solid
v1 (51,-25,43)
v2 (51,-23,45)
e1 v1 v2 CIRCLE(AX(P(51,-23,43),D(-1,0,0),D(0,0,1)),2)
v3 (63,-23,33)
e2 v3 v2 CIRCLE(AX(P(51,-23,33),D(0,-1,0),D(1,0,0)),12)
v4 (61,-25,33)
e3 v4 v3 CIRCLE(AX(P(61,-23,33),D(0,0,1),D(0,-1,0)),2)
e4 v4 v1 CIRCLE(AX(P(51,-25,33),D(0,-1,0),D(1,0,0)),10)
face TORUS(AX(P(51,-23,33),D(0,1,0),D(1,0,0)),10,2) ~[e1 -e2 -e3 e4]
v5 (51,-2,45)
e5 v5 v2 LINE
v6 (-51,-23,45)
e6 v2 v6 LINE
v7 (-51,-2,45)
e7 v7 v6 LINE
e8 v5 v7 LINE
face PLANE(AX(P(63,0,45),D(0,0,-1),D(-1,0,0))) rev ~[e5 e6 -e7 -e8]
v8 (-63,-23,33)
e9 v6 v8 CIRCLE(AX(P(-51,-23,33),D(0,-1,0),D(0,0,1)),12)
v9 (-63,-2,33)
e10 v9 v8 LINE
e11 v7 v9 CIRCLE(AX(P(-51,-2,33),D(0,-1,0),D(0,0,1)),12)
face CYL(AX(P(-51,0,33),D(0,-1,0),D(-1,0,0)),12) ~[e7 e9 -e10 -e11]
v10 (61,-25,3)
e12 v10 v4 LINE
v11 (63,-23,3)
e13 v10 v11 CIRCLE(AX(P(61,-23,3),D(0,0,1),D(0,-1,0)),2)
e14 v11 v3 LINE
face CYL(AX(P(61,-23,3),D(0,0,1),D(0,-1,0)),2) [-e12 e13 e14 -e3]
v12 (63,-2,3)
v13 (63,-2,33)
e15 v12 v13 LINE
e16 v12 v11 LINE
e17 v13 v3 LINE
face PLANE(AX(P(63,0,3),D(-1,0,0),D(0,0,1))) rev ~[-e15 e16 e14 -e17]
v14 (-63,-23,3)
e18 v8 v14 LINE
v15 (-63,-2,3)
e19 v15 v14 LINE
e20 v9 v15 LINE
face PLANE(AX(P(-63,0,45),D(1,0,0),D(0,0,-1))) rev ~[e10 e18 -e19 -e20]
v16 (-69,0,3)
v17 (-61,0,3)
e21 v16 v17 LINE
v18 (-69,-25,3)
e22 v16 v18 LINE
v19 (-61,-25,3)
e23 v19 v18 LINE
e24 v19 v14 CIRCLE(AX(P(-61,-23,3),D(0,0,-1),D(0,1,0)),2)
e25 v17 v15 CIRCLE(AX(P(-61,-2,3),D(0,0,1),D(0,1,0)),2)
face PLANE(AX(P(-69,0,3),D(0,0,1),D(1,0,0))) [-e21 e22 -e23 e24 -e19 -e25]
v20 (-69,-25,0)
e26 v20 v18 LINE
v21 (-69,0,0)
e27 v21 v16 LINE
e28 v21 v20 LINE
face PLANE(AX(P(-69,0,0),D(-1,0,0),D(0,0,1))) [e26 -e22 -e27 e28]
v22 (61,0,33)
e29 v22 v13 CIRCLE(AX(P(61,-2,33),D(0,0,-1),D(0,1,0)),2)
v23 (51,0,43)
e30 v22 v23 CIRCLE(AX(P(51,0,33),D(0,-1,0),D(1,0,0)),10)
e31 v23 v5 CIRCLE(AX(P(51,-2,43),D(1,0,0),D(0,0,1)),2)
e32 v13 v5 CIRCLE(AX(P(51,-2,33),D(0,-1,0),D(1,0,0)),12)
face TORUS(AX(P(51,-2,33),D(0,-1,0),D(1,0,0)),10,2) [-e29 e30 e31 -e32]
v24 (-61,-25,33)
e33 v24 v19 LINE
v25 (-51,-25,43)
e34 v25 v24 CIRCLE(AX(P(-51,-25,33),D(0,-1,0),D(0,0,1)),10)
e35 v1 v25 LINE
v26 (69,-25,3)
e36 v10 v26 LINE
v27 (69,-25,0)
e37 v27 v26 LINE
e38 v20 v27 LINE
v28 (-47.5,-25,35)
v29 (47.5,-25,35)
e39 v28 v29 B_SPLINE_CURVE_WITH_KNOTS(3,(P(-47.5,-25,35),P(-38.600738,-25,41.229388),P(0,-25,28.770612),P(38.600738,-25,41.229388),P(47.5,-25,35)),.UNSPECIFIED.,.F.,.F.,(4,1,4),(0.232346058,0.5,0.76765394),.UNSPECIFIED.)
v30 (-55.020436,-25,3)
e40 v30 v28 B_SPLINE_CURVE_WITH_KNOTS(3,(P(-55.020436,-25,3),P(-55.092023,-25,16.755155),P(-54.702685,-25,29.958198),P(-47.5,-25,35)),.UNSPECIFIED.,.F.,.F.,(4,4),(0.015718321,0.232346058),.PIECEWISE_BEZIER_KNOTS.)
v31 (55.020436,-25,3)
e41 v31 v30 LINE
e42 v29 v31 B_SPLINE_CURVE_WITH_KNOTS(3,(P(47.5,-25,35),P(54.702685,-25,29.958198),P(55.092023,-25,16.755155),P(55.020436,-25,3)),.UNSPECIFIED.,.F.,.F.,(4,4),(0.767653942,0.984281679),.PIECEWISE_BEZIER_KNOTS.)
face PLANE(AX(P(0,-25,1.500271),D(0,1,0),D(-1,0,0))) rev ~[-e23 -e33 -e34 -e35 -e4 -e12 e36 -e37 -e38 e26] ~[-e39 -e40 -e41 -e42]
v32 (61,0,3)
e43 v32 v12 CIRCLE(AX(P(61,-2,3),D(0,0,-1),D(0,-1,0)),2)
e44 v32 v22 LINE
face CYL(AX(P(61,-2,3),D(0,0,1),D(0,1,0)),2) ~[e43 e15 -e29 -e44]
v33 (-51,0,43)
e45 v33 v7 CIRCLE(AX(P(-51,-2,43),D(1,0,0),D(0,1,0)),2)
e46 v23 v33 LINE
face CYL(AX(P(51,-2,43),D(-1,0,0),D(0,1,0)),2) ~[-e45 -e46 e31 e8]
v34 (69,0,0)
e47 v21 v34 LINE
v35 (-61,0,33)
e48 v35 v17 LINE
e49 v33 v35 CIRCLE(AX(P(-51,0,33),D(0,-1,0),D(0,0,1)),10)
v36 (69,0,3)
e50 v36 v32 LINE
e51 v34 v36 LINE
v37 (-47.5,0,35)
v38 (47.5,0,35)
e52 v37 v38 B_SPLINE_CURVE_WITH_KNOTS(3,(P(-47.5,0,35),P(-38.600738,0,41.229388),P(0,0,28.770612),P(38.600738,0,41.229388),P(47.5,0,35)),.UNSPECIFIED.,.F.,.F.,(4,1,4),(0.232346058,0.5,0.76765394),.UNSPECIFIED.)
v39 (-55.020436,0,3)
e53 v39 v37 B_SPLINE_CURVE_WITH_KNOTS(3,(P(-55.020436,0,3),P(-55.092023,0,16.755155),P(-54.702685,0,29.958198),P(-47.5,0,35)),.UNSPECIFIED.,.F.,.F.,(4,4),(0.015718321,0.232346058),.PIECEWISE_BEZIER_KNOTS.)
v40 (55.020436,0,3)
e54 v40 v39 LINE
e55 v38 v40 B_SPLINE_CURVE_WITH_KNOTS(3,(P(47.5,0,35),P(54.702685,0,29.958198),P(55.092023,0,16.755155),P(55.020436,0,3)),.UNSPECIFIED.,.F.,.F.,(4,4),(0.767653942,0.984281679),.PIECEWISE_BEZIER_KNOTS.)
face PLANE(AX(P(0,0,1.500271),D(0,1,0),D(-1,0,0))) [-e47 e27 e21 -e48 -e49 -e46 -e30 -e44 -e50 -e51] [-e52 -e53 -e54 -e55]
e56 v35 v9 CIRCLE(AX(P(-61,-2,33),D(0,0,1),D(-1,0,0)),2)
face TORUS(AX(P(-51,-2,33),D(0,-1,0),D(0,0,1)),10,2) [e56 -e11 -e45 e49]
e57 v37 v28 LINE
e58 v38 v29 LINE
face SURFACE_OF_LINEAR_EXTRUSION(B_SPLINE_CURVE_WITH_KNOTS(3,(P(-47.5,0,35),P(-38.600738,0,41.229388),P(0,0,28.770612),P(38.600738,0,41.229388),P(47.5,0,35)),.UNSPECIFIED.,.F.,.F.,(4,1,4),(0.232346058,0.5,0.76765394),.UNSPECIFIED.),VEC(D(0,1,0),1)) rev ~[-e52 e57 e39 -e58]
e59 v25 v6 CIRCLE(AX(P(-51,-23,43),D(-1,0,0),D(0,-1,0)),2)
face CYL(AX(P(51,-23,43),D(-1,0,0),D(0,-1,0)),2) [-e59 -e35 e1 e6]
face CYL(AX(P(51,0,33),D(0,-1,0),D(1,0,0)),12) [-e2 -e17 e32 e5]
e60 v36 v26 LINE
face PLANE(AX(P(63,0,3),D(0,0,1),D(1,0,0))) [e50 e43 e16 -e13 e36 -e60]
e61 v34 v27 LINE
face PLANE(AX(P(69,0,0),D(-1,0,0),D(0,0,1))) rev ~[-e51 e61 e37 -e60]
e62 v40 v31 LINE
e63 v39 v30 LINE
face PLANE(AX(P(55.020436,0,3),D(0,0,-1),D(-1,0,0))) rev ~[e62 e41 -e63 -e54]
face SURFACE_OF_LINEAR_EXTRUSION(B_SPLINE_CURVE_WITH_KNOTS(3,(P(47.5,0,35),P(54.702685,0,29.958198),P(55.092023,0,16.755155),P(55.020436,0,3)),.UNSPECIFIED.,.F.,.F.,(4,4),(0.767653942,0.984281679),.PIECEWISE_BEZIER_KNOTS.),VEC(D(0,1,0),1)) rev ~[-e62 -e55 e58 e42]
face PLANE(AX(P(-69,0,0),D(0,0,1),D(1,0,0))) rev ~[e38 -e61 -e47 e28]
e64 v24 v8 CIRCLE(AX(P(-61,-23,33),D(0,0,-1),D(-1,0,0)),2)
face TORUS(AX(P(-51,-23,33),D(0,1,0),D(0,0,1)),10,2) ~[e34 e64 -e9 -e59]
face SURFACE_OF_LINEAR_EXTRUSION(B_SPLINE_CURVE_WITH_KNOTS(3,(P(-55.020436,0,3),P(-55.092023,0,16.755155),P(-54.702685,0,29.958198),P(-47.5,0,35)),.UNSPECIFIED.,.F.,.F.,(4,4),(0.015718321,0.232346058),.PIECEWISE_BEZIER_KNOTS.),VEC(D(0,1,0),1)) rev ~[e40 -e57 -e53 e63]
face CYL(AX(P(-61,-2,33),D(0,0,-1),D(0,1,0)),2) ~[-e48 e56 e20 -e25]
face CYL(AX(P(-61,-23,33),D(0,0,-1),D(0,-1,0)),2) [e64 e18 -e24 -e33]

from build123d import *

# Parameters (mm, degrees)
F0_W     = 6
F0_H     = 3
F1_DEPTH = 25
F2_R     = 12
F3_R     = 2


with BuildPart() as f1:
    # F0 (on Front) → F1 (new body)
    with BuildSketch(Plane.XZ):
        with BuildLine():
            add(Edge.make_bspline(
                [(-55, 0), (-55.0076209993, 1.0009689247), (-55.0152419987, 2.0019378493), (-55.0204363014, 3)],
                knots=[0, 0, 0, 0, 0.0157183213, 0.0157183213, 0.0157183213, 0.0157183213], degree=3))
            Line((-55, 0), (55, 0))
            add(Edge.make_bspline(
                [(55.0204363014, 3), (55.0152419987, 2.0019378493), (55.0076209993, 1.0009689247), (55, 0)],
                knots=[0.9842816787, 0.9842816787, 0.9842816787, 0.9842816787, 1, 1, 1, 1], degree=3))
            Line((55.0204363014, 3), (-55.0204363014, 3))
        make_face()
        with BuildLine():
            Line((-63, 0), (-55, 0))
            add(Edge.make_bspline(
                [(-55, 0), (-55.0076209993, 1.0009689247), (-55.0152419987, 2.0019378493), (-55.0204363014, 3)],
                knots=[0, 0, 0, 0, 0.0157183213, 0.0157183213, 0.0157183213, 0.0157183213], degree=3))
            Line((-55.0204363014, 3), (-63, 3))
            Line((-63, 3), (-63, 0))
        make_face()
        with BuildLine():
            add(Edge.make_bspline(
                [(55.0204363014, 3), (55.0152419987, 2.0019378493), (55.0076209993, 1.0009689247), (55, 0)],
                knots=[0.9842816787, 0.9842816787, 0.9842816787, 0.9842816787, 1, 1, 1, 1], degree=3))
            Line((55, 0), (63, 0))
            Line((63, 0), (63, 3))
            Line((63, 3), (55.0204363014, 3))
        make_face()
        with BuildLine():
            Line((-63, 3), (-55.0204363014, 3))
            add(Edge.make_bspline(
                [(-55.0204363014, 3), (-55.0920234657, 16.7551548981), (-54.7026845561, 29.9581979592), (-47.5, 35)],
                knots=[0.0157183213, 0.0157183213, 0.0157183213, 0.0157183213, 0.2323460581, 0.2323460581, 0.2323460581, 0.2323460581], degree=3))
            add(Edge.make_bspline(
                [(-47.5, 35), (-38.6007383304, 41.229387848), (-19.3003691017, 34.9999999795), (1.271e-07, 35)],
                knots=[0.2323460581, 0.2323460581, 0.2323460581, 0.2323460581, 0.5, 0.5, 0.5, 0.5], degree=3))
            add(Edge.make_bspline(
                [(1.271e-07, 35), (19.3003692287, 35.0000000205), (38.60073836, 41.2293878575), (47.5000000137, 35.0000000044)],
                knots=[0.5, 0.5, 0.5, 0.5, 0.7676539419, 0.7676539419, 0.7676539419, 0.7676539419], degree=3))
            add(Edge.make_bspline(
                [(47.5, 35), (54.7026845561, 29.9581979592), (55.0920234657, 16.7551548981), (55.0204363014, 3)],
                knots=[0.7676539419, 0.7676539419, 0.7676539419, 0.7676539419, 0.9842816787, 0.9842816787, 0.9842816787, 0.9842816787], degree=3))
            Line((55.0204363014, 3), (63, 3))
            Line((63, 3), (63, 45))
            Line((63, 45), (-63, 45))
            Line((-63, 45), (-63, 3))
        make_face()
        with Locations((-66, 1.5)):
            Rectangle(F0_W, F0_H)
        with Locations((66, 1.5)):
            Rectangle(F0_W, F0_H)
    extrude(amount=F1_DEPTH)

    # F2
    f2_edges = [f1.edges().sort_by_distance(p)[0] for p in [
        (-63, -12.5, 45),
        (63, -12.5, 45),
    ]]
    fillet(f2_edges, radius=F2_R)

    # F3
    f3_edges = [f1.edges().sort_by_distance(p)[0] for p in [
        (0, 0, 45),
        (-59.485281, 0, 41.485281),
        (-63, 0, 18),
        (59.485281, 0, 41.485281),
        (63, 0, 18),
        (-63, -25, 18),
        (-59.485281, -25, 41.485281),
        (0, -25, 45),
        (59.485281, -25, 41.485281),
        (63, -25, 18),
    ]]
    fillet(f3_edges, radius=F3_R)


solid = f1.part
